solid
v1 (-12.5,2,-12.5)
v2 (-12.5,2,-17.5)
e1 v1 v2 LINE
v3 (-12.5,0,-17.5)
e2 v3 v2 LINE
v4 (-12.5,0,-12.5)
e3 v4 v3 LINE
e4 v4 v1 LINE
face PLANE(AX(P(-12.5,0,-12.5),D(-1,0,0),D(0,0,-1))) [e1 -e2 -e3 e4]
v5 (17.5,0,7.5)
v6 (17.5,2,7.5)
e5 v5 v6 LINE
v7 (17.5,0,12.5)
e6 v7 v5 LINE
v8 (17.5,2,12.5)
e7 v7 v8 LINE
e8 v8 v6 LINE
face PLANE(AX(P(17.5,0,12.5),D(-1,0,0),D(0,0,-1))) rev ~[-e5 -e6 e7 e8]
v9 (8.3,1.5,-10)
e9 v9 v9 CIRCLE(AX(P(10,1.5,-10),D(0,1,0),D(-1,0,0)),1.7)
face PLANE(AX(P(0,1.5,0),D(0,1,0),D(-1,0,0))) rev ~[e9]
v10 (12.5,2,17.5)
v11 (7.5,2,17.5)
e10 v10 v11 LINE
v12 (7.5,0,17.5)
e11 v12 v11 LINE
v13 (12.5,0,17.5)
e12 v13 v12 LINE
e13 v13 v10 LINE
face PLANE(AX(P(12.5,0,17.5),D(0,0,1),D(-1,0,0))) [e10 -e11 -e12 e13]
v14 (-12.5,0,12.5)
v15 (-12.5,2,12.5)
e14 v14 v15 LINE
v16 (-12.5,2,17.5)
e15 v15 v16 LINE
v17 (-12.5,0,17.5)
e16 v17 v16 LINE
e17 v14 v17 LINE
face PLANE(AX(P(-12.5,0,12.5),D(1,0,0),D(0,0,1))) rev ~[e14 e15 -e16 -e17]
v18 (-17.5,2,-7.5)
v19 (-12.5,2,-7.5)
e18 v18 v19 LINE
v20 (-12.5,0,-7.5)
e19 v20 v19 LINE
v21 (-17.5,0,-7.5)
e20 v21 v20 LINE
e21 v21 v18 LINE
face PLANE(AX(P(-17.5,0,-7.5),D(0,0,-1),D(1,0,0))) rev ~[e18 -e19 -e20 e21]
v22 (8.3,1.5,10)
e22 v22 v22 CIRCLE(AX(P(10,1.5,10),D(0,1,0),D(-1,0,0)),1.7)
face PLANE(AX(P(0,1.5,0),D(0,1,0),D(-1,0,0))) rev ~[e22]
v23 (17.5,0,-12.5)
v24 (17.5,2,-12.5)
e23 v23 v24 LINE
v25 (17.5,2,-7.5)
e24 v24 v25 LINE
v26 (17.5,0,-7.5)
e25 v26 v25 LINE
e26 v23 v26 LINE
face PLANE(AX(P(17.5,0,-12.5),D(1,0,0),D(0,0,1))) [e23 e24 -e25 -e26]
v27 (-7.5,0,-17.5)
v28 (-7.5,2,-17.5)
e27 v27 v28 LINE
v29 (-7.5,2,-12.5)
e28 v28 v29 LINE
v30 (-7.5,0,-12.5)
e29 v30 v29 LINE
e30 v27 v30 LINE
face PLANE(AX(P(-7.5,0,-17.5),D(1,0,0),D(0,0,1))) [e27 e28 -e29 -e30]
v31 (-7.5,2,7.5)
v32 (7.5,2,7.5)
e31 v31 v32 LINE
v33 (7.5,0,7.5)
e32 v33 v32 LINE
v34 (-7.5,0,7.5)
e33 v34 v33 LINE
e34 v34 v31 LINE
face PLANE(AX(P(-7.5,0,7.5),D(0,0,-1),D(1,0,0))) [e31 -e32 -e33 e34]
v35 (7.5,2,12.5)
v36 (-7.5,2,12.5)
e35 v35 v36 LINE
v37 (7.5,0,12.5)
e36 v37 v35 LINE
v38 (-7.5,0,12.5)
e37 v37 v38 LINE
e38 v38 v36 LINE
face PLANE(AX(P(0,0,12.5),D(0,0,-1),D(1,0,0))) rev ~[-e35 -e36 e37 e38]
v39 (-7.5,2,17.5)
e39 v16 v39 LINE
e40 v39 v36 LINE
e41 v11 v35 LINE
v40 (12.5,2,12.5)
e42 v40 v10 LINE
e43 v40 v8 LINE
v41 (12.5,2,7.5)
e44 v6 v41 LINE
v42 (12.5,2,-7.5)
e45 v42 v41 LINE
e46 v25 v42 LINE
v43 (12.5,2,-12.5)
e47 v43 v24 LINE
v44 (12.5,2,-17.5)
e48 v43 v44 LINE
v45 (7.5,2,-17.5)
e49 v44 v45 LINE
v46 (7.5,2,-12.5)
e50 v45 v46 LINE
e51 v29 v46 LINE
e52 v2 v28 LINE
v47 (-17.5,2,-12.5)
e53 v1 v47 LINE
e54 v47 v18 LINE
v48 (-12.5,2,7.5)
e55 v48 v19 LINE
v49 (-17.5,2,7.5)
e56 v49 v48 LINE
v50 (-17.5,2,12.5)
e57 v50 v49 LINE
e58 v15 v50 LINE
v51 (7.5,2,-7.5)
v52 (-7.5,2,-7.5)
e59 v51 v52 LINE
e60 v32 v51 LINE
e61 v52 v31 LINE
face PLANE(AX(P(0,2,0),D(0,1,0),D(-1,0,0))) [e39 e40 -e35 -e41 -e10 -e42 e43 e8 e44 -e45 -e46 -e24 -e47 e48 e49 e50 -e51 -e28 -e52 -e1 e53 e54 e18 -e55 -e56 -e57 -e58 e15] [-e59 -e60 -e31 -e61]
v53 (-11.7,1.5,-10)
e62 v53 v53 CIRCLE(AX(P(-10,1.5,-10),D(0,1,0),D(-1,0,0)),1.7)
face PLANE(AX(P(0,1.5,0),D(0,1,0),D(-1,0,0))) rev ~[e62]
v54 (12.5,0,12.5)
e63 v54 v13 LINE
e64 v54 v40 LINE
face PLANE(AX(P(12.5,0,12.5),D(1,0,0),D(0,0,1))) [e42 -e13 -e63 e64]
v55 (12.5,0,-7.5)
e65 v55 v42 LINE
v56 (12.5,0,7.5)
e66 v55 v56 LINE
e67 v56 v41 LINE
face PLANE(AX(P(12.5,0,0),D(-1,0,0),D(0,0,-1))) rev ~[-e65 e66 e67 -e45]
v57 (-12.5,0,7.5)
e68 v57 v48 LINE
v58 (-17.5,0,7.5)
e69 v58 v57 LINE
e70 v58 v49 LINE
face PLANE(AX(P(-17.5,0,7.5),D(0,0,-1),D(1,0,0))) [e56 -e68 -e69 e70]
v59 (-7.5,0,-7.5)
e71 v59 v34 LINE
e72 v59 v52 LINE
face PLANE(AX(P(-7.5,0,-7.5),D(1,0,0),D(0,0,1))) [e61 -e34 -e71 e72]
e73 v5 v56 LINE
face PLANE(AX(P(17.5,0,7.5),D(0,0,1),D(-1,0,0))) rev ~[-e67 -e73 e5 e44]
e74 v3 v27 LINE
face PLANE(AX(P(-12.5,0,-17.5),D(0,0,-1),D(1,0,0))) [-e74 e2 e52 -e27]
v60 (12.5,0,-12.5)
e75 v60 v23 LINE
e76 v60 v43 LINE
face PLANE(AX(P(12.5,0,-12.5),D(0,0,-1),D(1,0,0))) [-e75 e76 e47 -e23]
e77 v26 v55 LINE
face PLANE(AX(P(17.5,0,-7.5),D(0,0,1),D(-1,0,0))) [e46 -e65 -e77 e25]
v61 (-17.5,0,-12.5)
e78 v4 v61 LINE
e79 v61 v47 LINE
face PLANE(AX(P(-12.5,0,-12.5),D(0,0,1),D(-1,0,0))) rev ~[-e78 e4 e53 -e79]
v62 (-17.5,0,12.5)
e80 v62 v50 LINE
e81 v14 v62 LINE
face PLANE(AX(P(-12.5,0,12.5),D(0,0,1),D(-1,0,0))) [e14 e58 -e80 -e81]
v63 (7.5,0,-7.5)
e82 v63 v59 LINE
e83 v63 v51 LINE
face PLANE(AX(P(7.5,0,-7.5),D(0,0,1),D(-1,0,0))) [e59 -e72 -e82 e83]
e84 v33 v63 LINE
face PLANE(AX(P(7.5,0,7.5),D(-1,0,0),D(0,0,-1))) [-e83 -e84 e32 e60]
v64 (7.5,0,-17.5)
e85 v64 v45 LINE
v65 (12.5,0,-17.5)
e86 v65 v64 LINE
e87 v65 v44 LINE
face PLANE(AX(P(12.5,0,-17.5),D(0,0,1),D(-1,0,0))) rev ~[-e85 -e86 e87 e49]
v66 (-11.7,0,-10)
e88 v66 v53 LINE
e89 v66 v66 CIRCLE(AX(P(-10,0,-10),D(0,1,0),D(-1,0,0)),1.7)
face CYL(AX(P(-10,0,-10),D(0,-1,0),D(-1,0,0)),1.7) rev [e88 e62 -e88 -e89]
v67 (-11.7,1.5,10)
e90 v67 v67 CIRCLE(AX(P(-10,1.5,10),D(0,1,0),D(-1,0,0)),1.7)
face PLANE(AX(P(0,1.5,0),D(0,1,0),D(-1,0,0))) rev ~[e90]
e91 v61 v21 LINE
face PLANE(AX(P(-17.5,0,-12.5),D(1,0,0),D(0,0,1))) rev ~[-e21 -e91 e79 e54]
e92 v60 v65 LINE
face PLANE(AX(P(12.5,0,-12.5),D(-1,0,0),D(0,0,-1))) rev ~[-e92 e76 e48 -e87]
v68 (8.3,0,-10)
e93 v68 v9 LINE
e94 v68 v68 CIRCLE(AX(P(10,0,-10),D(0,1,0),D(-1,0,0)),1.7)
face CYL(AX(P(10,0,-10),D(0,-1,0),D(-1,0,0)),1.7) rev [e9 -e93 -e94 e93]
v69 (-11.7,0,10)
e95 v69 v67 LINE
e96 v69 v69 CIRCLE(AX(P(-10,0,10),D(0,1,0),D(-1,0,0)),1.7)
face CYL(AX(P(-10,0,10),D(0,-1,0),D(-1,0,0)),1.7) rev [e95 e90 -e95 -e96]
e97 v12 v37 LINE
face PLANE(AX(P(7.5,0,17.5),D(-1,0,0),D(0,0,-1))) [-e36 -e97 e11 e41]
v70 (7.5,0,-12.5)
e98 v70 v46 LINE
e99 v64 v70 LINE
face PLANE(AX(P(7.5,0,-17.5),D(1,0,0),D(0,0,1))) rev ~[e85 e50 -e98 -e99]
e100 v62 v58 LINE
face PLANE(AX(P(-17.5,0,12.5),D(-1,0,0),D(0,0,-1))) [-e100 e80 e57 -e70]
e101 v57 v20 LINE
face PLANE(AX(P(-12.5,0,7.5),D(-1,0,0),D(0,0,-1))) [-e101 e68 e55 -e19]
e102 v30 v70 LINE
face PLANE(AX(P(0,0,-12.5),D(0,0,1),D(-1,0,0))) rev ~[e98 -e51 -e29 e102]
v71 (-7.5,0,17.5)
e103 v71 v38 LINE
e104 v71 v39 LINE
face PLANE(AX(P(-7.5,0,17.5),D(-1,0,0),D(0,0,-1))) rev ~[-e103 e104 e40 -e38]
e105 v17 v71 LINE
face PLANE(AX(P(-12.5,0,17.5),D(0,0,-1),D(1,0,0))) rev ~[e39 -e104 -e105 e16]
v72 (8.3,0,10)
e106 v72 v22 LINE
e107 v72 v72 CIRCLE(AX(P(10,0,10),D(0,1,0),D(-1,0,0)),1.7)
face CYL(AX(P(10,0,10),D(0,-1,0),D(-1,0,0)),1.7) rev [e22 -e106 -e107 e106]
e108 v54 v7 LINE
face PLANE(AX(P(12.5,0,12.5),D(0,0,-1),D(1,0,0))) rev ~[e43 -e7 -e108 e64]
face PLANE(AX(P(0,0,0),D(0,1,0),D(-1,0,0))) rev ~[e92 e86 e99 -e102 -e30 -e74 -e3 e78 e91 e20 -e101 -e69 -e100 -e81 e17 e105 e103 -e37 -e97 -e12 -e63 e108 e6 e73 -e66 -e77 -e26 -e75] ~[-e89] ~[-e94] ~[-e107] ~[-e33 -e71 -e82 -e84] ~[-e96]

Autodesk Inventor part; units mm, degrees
ref_plane "YZ Plane" through (0, 0, 0) normal (1, 0, 0) x (0, 1, 0)
ref_plane "XZ Plane" through (0, 0, 0) normal (0, 1, 0) x (-1, 0, 0)
ref_plane "XY Plane" through (0, 0, 0) normal (0, 0, 1) x (1, 0, 0)
sketch "草圖1" plane through (0, 0, 0) normal (0, 1, 0) x (-1, 0, 0)
  line L0 (12.5, 12.5) -> (-12.5, 12.5) construction
  line L1 (-12.5, 12.5) -> (-12.5, -12.5) construction
  line L2 (-12.5, -12.5) -> (12.5, -12.5) construction
  line L3 (12.5, -12.5) -> (12.5, 12.5) construction
  circle A0 centre (10, 10) radius 1.7
  circle A1 centre (-10, 10) radius 1.7
  circle A2 centre (-10, -10) radius 1.7
  circle A3 centre (10, -10) radius 1.7
  line L4 (12.5, 12.5) -> (12.5, 17.5)
  line L5 (12.5, 17.5) -> (7.5, 17.5)
  line L6 (7.5, 17.5) -> (7.5, 12.5)
  line L7 (7.5, 12.5) -> (-7.5, 12.5)
  line L8 (12.5, 12.5) -> (17.5, 12.5)
  line L9 (17.5, 12.5) -> (17.5, 7.5)
  line L10 (17.5, 7.5) -> (12.5, 7.5)
  line L11 (12.5, 7.5) -> (12.5, 0)
  line L12 (-7.5, 12.5) -> (0, 12.5)
  line L13 (-7.5, 17.5) -> (-7.5, 12.5)
  line L14 (-12.5, 17.5) -> (-7.5, 17.5)
  line L15 (-12.5, 12.5) -> (-12.5, 17.5)
  line L16 (-12.5, 12.5) -> (-17.5, 12.5)
  line L17 (-17.5, 12.5) -> (-17.5, 7.5)
  line L18 (-17.5, 7.5) -> (-12.5, 7.5)
  line L19 (-12.5, 7.5) -> (-12.5, -7.5)
  line L20 (-12.5, -7.5) -> (-12.5, 0)
  line L21 (-17.5, -7.5) -> (-12.5, -7.5)
  line L22 (-17.5, -12.5) -> (-17.5, -7.5)
  line L23 (-12.5, -12.5) -> (-17.5, -12.5)
  line L24 (-12.5, -12.5) -> (-12.5, -17.5)
  line L25 (-12.5, -17.5) -> (-7.5, -17.5)
  line L26 (-7.5, -17.5) -> (-7.5, -12.5)
  line L27 (-7.5, -12.5) -> (7.5, -12.5)
  line L28 (7.5, -12.5) -> (0, -12.5)
  line L29 (7.5, -17.5) -> (7.5, -12.5)
  line L30 (12.5, -17.5) -> (7.5, -17.5)
  line L31 (12.5, -12.5) -> (12.5, -17.5)
  line L32 (12.5, -12.5) -> (17.5, -12.5)
  line L33 (17.5, -12.5) -> (17.5, -7.5)
  line L34 (17.5, -7.5) -> (12.5, -7.5)
  line L35 (12.5, -7.5) -> (12.5, 7.5)
  line L36 (7.5, 7.5) -> (-7.5, 7.5)
  line L37 (-7.5, 7.5) -> (-7.5, -7.5)
  line L38 (-7.5, -7.5) -> (7.5, -7.5)
  line L39 (7.5, -7.5) -> (7.5, 7.5)
  point P0 (0, 0)
  point P1 (0, -12.5)
  point P2 (7.5, 0)
  point P3 (0, -7.5)
  point P4 (12.5, 0)
  dimension "d0" = 25
  dimension "d1" = 25
  dimension "d2" = 3.4
  dimension "d3" = 2.5
  dimension "d4" = 2.5
  dimension "d7" = 360
  dimension "d9" = 5
  dimension "d10" = 5
  dimension "d11" = 5
  dimension "d12" = 15
  dimension "d13" = 5
  dimension "d14" = 5
  dimension "d15" = 5
  dimension "d18" = 360
  dimension "d20" = 15
  dimension "d21" = 15
extrude "擠出1" add sketch "草圖1" along normal blind 2 contours A0 | A1 | A2 | A3 | L8 L9 L10 L11 L35 L34 L33 L32 L31 L30 L29 L27 L26 L25 L24 L23 L22 L21 L19 L18 L17 L16 L15 L14 L13 L7 L6 L5 L4
extrude "擠出2" cut sketch "草圖1" along normal blind 1.5 contours A0 | A1 | A2 | A3
properties part number "110033226_ipt_27_騎樓梁架頂"
